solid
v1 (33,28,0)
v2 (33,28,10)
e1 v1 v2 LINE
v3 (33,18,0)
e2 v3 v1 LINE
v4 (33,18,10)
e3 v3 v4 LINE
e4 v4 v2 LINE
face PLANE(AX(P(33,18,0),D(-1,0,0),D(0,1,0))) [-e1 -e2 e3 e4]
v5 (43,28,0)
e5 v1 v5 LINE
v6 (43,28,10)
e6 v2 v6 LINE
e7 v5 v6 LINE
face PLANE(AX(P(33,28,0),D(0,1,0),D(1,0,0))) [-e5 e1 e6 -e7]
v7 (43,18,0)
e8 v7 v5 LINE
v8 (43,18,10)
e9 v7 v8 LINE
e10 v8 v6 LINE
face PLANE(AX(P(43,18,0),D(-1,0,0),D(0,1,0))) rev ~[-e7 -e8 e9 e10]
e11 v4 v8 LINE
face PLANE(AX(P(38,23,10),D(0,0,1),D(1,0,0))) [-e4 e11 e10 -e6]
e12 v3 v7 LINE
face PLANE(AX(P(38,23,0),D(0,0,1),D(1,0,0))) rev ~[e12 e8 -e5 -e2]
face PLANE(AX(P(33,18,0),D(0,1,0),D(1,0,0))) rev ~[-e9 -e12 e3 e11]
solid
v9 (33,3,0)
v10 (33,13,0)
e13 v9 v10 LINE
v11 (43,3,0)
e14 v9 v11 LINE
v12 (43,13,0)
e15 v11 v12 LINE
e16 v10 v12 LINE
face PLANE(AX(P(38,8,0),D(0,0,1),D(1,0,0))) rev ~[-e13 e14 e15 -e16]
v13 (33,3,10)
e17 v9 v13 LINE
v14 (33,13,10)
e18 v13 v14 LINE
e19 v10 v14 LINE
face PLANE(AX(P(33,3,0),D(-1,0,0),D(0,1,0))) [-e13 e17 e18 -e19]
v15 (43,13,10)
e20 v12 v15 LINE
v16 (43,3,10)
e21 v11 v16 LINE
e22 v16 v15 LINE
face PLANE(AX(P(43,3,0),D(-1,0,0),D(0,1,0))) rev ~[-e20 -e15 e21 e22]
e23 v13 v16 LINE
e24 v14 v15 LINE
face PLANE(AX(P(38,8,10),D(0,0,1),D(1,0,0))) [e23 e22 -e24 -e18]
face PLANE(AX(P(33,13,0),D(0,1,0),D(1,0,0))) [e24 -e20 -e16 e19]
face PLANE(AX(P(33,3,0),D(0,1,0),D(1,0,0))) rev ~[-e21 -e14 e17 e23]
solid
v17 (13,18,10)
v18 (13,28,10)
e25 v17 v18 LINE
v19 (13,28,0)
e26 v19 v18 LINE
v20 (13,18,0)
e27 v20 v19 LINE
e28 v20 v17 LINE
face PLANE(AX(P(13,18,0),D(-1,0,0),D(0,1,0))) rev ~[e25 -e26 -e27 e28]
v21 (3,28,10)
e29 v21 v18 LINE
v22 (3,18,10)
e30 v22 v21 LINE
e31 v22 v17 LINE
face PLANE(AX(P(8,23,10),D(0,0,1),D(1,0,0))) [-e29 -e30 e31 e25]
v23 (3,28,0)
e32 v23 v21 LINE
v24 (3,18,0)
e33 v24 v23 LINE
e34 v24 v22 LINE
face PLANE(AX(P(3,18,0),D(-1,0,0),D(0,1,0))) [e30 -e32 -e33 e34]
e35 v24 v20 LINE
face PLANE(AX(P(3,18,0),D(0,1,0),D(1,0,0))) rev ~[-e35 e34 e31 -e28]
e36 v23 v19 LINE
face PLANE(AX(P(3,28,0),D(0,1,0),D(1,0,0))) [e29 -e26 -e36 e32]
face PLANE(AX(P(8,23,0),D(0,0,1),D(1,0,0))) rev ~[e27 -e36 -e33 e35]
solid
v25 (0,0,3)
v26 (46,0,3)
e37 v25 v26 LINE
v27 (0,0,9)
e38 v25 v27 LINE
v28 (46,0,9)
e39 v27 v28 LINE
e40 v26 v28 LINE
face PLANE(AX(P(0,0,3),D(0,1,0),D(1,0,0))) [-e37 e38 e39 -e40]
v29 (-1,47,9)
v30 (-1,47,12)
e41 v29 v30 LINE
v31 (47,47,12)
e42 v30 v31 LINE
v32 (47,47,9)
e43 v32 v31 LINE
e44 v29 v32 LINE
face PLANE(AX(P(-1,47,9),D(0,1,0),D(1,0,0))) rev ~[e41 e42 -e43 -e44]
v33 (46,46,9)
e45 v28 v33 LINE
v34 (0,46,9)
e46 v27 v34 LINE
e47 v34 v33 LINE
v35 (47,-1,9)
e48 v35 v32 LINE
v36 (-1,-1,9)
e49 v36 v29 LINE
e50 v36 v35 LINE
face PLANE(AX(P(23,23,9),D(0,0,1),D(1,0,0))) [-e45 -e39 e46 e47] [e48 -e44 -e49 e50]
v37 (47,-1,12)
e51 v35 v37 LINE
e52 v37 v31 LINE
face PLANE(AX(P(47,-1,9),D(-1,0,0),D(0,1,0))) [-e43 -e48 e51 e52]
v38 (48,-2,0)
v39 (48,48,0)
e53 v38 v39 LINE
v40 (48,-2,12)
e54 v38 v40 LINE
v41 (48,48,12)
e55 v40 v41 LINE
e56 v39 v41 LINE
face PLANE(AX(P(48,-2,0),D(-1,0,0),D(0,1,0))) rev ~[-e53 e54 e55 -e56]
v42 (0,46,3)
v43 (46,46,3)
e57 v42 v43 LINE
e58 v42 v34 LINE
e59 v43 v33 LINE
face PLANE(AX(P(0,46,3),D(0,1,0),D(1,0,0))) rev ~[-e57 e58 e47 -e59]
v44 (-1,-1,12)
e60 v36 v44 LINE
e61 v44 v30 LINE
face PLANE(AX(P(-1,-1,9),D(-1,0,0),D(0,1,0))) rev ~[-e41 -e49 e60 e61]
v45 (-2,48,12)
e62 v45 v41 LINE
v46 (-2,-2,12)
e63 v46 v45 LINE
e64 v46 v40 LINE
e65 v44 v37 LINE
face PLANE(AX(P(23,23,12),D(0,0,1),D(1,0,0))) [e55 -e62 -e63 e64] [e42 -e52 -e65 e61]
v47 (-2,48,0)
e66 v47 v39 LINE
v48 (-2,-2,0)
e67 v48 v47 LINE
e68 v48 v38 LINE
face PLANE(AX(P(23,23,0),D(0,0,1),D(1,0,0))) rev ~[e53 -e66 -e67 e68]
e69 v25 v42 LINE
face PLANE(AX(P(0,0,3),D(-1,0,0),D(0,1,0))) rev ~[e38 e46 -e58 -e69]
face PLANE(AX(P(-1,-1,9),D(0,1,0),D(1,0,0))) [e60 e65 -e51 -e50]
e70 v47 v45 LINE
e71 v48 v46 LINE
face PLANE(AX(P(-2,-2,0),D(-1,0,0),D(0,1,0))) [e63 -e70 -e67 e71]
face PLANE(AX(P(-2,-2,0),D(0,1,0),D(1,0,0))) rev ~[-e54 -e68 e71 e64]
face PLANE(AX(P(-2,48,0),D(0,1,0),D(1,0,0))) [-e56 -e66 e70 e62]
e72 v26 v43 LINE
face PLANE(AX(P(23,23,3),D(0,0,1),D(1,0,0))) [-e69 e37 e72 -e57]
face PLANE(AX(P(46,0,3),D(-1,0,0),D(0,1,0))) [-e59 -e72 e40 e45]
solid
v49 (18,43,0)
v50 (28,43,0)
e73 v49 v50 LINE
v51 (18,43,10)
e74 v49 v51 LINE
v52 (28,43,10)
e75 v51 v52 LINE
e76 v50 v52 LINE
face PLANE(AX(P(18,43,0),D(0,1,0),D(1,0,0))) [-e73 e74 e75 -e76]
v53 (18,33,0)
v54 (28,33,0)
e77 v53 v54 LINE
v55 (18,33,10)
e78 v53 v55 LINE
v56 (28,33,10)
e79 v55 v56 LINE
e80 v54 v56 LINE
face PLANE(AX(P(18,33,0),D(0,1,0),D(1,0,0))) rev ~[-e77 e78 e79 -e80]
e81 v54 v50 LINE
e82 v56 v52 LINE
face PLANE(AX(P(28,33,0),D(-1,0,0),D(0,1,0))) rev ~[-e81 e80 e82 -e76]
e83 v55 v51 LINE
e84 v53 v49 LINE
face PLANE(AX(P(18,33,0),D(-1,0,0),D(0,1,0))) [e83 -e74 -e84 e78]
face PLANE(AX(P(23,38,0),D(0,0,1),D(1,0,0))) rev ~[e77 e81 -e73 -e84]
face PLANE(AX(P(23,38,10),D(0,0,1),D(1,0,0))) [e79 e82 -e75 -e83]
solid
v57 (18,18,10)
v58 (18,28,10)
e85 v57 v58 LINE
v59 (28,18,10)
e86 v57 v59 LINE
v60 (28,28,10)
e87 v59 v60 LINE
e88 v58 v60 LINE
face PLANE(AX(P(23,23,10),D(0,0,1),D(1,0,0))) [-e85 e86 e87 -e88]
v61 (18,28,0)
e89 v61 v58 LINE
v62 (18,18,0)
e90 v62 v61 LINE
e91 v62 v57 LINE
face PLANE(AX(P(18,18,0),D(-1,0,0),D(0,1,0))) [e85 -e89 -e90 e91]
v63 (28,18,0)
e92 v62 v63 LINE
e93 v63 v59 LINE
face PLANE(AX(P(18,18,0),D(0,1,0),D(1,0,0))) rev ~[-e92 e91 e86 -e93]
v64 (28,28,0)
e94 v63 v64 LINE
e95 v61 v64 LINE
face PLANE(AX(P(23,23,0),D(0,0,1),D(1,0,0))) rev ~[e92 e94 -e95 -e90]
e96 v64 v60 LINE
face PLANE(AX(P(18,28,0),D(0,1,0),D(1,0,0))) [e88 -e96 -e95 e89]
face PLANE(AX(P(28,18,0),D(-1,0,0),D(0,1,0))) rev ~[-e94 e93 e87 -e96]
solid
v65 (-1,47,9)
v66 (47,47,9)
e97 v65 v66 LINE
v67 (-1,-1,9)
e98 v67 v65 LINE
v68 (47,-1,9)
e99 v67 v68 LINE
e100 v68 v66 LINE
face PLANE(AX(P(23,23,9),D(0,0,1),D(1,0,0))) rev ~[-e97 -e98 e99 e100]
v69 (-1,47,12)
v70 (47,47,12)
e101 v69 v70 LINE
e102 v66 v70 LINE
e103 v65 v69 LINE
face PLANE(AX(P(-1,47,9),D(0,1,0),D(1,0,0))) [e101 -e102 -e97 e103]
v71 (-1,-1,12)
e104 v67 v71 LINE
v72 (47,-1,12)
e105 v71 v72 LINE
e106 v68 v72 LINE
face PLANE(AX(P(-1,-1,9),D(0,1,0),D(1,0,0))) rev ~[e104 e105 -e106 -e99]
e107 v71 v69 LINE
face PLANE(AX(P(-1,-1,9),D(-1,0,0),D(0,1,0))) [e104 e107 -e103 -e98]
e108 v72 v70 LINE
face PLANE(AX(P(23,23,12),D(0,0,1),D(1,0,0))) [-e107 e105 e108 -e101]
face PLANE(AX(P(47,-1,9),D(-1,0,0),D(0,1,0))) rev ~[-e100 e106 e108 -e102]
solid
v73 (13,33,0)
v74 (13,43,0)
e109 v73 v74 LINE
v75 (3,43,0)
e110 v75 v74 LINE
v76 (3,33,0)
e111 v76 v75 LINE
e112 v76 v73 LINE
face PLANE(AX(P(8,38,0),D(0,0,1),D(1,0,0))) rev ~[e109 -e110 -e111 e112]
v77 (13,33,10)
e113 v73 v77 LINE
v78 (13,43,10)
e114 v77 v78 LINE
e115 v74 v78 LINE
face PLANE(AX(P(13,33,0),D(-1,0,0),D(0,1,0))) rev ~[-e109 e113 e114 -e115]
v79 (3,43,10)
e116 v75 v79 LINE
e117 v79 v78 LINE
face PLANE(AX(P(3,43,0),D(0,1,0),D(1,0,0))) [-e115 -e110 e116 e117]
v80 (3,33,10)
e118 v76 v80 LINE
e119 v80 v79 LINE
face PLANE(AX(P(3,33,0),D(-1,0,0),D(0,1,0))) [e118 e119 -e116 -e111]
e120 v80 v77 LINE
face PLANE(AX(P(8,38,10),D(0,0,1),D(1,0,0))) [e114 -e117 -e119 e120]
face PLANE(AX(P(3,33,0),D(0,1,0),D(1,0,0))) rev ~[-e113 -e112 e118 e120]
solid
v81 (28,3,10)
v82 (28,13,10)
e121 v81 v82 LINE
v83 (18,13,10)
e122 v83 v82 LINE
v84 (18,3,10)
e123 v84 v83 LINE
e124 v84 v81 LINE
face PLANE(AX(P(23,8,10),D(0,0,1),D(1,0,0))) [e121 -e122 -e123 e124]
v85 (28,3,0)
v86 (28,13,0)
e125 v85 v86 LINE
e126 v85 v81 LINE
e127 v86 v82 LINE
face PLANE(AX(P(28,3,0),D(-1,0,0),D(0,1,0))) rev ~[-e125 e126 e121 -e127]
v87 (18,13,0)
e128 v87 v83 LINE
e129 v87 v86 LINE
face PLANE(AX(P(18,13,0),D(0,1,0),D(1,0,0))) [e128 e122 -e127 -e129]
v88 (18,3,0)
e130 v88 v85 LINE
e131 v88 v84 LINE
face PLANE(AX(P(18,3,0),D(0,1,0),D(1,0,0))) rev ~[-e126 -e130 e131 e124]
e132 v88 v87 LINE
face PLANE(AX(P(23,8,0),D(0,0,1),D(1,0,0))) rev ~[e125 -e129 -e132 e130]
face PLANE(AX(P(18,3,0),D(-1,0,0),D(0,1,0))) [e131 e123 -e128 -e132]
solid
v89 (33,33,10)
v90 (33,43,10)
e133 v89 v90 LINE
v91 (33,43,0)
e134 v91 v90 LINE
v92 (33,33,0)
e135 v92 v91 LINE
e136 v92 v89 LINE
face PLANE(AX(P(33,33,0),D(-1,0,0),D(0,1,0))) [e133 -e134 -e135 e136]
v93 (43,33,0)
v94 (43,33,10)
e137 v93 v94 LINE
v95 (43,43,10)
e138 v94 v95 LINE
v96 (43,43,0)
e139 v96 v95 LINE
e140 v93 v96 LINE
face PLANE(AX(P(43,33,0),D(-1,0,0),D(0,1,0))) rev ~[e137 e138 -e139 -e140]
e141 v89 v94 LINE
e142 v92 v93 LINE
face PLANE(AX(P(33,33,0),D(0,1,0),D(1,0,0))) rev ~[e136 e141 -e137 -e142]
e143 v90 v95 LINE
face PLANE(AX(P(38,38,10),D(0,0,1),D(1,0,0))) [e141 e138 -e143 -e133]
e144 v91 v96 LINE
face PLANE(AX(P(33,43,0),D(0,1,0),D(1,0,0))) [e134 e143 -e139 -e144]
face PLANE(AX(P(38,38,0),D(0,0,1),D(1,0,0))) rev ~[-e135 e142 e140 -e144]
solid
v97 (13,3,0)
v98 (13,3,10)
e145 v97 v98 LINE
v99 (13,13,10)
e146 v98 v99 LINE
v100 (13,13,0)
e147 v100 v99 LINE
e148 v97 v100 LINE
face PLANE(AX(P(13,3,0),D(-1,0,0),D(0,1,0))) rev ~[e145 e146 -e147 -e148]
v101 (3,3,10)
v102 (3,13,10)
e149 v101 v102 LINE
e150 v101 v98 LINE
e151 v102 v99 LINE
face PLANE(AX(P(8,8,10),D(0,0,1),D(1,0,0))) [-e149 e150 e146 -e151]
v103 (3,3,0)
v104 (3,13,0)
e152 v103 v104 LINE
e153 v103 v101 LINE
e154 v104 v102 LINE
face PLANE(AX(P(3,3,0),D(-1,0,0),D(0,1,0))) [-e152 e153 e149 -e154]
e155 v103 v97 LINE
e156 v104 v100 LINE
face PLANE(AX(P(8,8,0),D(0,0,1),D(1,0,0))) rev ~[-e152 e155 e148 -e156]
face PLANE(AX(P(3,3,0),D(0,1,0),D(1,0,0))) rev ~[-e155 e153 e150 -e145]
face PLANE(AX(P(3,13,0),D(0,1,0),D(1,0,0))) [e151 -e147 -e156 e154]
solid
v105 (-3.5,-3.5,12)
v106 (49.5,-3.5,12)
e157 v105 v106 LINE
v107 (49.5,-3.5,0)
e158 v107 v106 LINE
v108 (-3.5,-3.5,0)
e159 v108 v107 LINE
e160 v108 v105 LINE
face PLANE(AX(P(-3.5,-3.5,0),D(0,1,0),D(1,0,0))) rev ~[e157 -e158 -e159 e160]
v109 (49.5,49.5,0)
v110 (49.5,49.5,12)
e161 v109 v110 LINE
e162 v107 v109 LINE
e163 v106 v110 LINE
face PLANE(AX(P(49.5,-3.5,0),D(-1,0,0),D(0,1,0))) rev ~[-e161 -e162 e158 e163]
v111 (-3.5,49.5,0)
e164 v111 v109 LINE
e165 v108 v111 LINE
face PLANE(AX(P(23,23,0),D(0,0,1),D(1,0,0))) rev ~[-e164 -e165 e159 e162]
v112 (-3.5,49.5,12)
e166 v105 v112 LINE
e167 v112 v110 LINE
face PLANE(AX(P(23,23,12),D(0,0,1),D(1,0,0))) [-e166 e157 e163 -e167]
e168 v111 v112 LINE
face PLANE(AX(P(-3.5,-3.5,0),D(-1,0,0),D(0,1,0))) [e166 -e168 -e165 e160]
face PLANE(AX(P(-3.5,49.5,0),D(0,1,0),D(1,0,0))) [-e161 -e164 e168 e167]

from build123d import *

# Parameters (mm, degrees)
BOX001_W     = 10
BOX001_H     = 10
BOX001_DEPTH = 10
BOX002_W     = 10
BOX002_H     = 10
BOX002_DEPTH = 10
BOX003_W     = 10
BOX003_H     = 10
BOX003_DEPTH = 10
BOX004_W     = 10
BOX004_H     = 10
BOX004_DEPTH = 10
BOX005_W     = 10
BOX005_H     = 10
BOX005_DEPTH = 10
BOX006_W     = 10
BOX006_H     = 10
BOX006_DEPTH = 10
BOX007_W     = 10
BOX007_H     = 10
BOX007_DEPTH = 10
BOX008_W     = 10
BOX008_H     = 10
BOX008_DEPTH = 10
BOX009_W     = 10
BOX009_H     = 10
BOX009_DEPTH = 10
BOX012_W     = 48
BOX012_H     = 48
BOX012_DEPTH = 3
BOX011_W     = 48
BOX011_H     = 48
BOX011_DEPTH = 3
BOX_W        = 46
BOX_H        = 46
BOX_DEPTH    = 9
BOX010_W     = 50
BOX010_H     = 50
BOX010_DEPTH = 12
BOX013_W     = 53
BOX013_H     = 53
BOX013_DEPTH = 12


with BuildPart() as cube001:
    # Box001 → Box001 (new body)
    with BuildSketch(Plane(origin=(3, 3, 0), x_dir=(1, 0, 0), z_dir=(0, 0, 1))):
        with Locations((5, 5)):
            Rectangle(BOX001_W, BOX001_H)
    extrude(amount=BOX001_DEPTH)


with BuildPart() as cube002:
    # Box002 → Box002 (new body)
    with BuildSketch(Plane(origin=(18, 3, 0), x_dir=(1, 0, 0), z_dir=(0, 0, 1))):
        with Locations((5, 5)):
            Rectangle(BOX002_W, BOX002_H)
    extrude(amount=BOX002_DEPTH)


with BuildPart() as cube003:
    # Box003 → Box003 (new body)
    with BuildSketch(Plane(origin=(33, 3, 0), x_dir=(1, 0, 0), z_dir=(0, 0, 1))):
        with Locations((5, 5)):
            Rectangle(BOX003_W, BOX003_H)
    extrude(amount=BOX003_DEPTH)


with BuildPart() as cube004:
    # Box004 → Box004 (new body)
    with BuildSketch(Plane(origin=(3, 18, 0), x_dir=(1, 0, 0), z_dir=(0, 0, 1))):
        with Locations((5, 5)):
            Rectangle(BOX004_W, BOX004_H)
    extrude(amount=BOX004_DEPTH)


with BuildPart() as cube005:
    # Box005 → Box005 (new body)
    with BuildSketch(Plane(origin=(18, 18, 0), x_dir=(1, 0, 0), z_dir=(0, 0, 1))):
        with Locations((5, 5)):
            Rectangle(BOX005_W, BOX005_H)
    extrude(amount=BOX005_DEPTH)


with BuildPart() as cube006:
    # Box006 → Box006 (new body)
    with BuildSketch(Plane(origin=(33, 18, 0), x_dir=(1, 0, 0), z_dir=(0, 0, 1))):
        with Locations((5, 5)):
            Rectangle(BOX006_W, BOX006_H)
    extrude(amount=BOX006_DEPTH)


with BuildPart() as cube007:
    # Box007 → Box007 (new body)
    with BuildSketch(Plane(origin=(3, 33, 0), x_dir=(1, 0, 0), z_dir=(0, 0, 1))):
        with Locations((5, 5)):
            Rectangle(BOX007_W, BOX007_H)
    extrude(amount=BOX007_DEPTH)


with BuildPart() as cube008:
    # Box008 → Box008 (new body)
    with BuildSketch(Plane(origin=(18, 33, 0), x_dir=(1, 0, 0), z_dir=(0, 0, 1))):
        with Locations((5, 5)):
            Rectangle(BOX008_W, BOX008_H)
    extrude(amount=BOX008_DEPTH)


with BuildPart() as cube009:
    # Box009 → Box009 (new body)
    with BuildSketch(Plane(origin=(33, 33, 0), x_dir=(1, 0, 0), z_dir=(0, 0, 1))):
        with Locations((5, 5)):
            Rectangle(BOX009_W, BOX009_H)
    extrude(amount=BOX009_DEPTH)


with BuildPart() as cube012:
    # Box012 → Box012 (new body)
    with BuildSketch(Plane(origin=(-1, -1, 9), x_dir=(1, 0, 0), z_dir=(0, 0, 1))):
        with Locations((24, 24)):
            Rectangle(BOX012_W, BOX012_H)
    extrude(amount=BOX012_DEPTH)


with BuildPart() as cube011:
    # Box011 → Box011 (new body)
    with BuildSketch(Plane(origin=(-1, -1, 9), x_dir=(1, 0, 0), z_dir=(0, 0, 1))):
        with Locations((24, 24)):
            Rectangle(BOX011_W, BOX011_H)
    extrude(amount=BOX011_DEPTH)


with BuildPart() as cube:
    # Box → Box (new body)
    with BuildSketch(Plane.XY.offset(3)):
        with Locations((23, 23)):
            Rectangle(BOX_W, BOX_H)
    extrude(amount=BOX_DEPTH)


with BuildPart() as cut001:
    # Box010 → Box010 (new body)
    with BuildSketch(Plane(origin=(-2, -2, 0), x_dir=(1, 0, 0), z_dir=(0, 0, 1))):
        with Locations((25, 25)):
            Rectangle(BOX010_W, BOX010_H)
    extrude(amount=BOX010_DEPTH)

    # Cut: cut Cube
    add(cube.part, mode=Mode.SUBTRACT)

    # Cut001: cut Cube011
    add(cube011.part, mode=Mode.SUBTRACT)


with BuildPart() as cube013:
    # Box013 → Box013 (new body)
    with BuildSketch(Plane(origin=(-3.5, -3.5, 0), x_dir=(1, 0, 0), z_dir=(0, 0, 1))):
        with Locations((26.5, 26.5)):
            Rectangle(BOX013_W, BOX013_H)
    extrude(amount=BOX013_DEPTH)


solid = Compound([cube001.part, cube002.part, cube003.part, cube004.part, cube005.part, cube006.part, cube007.part, cube008.part, cube009.part, cube012.part, cut001.part, cube013.part])
